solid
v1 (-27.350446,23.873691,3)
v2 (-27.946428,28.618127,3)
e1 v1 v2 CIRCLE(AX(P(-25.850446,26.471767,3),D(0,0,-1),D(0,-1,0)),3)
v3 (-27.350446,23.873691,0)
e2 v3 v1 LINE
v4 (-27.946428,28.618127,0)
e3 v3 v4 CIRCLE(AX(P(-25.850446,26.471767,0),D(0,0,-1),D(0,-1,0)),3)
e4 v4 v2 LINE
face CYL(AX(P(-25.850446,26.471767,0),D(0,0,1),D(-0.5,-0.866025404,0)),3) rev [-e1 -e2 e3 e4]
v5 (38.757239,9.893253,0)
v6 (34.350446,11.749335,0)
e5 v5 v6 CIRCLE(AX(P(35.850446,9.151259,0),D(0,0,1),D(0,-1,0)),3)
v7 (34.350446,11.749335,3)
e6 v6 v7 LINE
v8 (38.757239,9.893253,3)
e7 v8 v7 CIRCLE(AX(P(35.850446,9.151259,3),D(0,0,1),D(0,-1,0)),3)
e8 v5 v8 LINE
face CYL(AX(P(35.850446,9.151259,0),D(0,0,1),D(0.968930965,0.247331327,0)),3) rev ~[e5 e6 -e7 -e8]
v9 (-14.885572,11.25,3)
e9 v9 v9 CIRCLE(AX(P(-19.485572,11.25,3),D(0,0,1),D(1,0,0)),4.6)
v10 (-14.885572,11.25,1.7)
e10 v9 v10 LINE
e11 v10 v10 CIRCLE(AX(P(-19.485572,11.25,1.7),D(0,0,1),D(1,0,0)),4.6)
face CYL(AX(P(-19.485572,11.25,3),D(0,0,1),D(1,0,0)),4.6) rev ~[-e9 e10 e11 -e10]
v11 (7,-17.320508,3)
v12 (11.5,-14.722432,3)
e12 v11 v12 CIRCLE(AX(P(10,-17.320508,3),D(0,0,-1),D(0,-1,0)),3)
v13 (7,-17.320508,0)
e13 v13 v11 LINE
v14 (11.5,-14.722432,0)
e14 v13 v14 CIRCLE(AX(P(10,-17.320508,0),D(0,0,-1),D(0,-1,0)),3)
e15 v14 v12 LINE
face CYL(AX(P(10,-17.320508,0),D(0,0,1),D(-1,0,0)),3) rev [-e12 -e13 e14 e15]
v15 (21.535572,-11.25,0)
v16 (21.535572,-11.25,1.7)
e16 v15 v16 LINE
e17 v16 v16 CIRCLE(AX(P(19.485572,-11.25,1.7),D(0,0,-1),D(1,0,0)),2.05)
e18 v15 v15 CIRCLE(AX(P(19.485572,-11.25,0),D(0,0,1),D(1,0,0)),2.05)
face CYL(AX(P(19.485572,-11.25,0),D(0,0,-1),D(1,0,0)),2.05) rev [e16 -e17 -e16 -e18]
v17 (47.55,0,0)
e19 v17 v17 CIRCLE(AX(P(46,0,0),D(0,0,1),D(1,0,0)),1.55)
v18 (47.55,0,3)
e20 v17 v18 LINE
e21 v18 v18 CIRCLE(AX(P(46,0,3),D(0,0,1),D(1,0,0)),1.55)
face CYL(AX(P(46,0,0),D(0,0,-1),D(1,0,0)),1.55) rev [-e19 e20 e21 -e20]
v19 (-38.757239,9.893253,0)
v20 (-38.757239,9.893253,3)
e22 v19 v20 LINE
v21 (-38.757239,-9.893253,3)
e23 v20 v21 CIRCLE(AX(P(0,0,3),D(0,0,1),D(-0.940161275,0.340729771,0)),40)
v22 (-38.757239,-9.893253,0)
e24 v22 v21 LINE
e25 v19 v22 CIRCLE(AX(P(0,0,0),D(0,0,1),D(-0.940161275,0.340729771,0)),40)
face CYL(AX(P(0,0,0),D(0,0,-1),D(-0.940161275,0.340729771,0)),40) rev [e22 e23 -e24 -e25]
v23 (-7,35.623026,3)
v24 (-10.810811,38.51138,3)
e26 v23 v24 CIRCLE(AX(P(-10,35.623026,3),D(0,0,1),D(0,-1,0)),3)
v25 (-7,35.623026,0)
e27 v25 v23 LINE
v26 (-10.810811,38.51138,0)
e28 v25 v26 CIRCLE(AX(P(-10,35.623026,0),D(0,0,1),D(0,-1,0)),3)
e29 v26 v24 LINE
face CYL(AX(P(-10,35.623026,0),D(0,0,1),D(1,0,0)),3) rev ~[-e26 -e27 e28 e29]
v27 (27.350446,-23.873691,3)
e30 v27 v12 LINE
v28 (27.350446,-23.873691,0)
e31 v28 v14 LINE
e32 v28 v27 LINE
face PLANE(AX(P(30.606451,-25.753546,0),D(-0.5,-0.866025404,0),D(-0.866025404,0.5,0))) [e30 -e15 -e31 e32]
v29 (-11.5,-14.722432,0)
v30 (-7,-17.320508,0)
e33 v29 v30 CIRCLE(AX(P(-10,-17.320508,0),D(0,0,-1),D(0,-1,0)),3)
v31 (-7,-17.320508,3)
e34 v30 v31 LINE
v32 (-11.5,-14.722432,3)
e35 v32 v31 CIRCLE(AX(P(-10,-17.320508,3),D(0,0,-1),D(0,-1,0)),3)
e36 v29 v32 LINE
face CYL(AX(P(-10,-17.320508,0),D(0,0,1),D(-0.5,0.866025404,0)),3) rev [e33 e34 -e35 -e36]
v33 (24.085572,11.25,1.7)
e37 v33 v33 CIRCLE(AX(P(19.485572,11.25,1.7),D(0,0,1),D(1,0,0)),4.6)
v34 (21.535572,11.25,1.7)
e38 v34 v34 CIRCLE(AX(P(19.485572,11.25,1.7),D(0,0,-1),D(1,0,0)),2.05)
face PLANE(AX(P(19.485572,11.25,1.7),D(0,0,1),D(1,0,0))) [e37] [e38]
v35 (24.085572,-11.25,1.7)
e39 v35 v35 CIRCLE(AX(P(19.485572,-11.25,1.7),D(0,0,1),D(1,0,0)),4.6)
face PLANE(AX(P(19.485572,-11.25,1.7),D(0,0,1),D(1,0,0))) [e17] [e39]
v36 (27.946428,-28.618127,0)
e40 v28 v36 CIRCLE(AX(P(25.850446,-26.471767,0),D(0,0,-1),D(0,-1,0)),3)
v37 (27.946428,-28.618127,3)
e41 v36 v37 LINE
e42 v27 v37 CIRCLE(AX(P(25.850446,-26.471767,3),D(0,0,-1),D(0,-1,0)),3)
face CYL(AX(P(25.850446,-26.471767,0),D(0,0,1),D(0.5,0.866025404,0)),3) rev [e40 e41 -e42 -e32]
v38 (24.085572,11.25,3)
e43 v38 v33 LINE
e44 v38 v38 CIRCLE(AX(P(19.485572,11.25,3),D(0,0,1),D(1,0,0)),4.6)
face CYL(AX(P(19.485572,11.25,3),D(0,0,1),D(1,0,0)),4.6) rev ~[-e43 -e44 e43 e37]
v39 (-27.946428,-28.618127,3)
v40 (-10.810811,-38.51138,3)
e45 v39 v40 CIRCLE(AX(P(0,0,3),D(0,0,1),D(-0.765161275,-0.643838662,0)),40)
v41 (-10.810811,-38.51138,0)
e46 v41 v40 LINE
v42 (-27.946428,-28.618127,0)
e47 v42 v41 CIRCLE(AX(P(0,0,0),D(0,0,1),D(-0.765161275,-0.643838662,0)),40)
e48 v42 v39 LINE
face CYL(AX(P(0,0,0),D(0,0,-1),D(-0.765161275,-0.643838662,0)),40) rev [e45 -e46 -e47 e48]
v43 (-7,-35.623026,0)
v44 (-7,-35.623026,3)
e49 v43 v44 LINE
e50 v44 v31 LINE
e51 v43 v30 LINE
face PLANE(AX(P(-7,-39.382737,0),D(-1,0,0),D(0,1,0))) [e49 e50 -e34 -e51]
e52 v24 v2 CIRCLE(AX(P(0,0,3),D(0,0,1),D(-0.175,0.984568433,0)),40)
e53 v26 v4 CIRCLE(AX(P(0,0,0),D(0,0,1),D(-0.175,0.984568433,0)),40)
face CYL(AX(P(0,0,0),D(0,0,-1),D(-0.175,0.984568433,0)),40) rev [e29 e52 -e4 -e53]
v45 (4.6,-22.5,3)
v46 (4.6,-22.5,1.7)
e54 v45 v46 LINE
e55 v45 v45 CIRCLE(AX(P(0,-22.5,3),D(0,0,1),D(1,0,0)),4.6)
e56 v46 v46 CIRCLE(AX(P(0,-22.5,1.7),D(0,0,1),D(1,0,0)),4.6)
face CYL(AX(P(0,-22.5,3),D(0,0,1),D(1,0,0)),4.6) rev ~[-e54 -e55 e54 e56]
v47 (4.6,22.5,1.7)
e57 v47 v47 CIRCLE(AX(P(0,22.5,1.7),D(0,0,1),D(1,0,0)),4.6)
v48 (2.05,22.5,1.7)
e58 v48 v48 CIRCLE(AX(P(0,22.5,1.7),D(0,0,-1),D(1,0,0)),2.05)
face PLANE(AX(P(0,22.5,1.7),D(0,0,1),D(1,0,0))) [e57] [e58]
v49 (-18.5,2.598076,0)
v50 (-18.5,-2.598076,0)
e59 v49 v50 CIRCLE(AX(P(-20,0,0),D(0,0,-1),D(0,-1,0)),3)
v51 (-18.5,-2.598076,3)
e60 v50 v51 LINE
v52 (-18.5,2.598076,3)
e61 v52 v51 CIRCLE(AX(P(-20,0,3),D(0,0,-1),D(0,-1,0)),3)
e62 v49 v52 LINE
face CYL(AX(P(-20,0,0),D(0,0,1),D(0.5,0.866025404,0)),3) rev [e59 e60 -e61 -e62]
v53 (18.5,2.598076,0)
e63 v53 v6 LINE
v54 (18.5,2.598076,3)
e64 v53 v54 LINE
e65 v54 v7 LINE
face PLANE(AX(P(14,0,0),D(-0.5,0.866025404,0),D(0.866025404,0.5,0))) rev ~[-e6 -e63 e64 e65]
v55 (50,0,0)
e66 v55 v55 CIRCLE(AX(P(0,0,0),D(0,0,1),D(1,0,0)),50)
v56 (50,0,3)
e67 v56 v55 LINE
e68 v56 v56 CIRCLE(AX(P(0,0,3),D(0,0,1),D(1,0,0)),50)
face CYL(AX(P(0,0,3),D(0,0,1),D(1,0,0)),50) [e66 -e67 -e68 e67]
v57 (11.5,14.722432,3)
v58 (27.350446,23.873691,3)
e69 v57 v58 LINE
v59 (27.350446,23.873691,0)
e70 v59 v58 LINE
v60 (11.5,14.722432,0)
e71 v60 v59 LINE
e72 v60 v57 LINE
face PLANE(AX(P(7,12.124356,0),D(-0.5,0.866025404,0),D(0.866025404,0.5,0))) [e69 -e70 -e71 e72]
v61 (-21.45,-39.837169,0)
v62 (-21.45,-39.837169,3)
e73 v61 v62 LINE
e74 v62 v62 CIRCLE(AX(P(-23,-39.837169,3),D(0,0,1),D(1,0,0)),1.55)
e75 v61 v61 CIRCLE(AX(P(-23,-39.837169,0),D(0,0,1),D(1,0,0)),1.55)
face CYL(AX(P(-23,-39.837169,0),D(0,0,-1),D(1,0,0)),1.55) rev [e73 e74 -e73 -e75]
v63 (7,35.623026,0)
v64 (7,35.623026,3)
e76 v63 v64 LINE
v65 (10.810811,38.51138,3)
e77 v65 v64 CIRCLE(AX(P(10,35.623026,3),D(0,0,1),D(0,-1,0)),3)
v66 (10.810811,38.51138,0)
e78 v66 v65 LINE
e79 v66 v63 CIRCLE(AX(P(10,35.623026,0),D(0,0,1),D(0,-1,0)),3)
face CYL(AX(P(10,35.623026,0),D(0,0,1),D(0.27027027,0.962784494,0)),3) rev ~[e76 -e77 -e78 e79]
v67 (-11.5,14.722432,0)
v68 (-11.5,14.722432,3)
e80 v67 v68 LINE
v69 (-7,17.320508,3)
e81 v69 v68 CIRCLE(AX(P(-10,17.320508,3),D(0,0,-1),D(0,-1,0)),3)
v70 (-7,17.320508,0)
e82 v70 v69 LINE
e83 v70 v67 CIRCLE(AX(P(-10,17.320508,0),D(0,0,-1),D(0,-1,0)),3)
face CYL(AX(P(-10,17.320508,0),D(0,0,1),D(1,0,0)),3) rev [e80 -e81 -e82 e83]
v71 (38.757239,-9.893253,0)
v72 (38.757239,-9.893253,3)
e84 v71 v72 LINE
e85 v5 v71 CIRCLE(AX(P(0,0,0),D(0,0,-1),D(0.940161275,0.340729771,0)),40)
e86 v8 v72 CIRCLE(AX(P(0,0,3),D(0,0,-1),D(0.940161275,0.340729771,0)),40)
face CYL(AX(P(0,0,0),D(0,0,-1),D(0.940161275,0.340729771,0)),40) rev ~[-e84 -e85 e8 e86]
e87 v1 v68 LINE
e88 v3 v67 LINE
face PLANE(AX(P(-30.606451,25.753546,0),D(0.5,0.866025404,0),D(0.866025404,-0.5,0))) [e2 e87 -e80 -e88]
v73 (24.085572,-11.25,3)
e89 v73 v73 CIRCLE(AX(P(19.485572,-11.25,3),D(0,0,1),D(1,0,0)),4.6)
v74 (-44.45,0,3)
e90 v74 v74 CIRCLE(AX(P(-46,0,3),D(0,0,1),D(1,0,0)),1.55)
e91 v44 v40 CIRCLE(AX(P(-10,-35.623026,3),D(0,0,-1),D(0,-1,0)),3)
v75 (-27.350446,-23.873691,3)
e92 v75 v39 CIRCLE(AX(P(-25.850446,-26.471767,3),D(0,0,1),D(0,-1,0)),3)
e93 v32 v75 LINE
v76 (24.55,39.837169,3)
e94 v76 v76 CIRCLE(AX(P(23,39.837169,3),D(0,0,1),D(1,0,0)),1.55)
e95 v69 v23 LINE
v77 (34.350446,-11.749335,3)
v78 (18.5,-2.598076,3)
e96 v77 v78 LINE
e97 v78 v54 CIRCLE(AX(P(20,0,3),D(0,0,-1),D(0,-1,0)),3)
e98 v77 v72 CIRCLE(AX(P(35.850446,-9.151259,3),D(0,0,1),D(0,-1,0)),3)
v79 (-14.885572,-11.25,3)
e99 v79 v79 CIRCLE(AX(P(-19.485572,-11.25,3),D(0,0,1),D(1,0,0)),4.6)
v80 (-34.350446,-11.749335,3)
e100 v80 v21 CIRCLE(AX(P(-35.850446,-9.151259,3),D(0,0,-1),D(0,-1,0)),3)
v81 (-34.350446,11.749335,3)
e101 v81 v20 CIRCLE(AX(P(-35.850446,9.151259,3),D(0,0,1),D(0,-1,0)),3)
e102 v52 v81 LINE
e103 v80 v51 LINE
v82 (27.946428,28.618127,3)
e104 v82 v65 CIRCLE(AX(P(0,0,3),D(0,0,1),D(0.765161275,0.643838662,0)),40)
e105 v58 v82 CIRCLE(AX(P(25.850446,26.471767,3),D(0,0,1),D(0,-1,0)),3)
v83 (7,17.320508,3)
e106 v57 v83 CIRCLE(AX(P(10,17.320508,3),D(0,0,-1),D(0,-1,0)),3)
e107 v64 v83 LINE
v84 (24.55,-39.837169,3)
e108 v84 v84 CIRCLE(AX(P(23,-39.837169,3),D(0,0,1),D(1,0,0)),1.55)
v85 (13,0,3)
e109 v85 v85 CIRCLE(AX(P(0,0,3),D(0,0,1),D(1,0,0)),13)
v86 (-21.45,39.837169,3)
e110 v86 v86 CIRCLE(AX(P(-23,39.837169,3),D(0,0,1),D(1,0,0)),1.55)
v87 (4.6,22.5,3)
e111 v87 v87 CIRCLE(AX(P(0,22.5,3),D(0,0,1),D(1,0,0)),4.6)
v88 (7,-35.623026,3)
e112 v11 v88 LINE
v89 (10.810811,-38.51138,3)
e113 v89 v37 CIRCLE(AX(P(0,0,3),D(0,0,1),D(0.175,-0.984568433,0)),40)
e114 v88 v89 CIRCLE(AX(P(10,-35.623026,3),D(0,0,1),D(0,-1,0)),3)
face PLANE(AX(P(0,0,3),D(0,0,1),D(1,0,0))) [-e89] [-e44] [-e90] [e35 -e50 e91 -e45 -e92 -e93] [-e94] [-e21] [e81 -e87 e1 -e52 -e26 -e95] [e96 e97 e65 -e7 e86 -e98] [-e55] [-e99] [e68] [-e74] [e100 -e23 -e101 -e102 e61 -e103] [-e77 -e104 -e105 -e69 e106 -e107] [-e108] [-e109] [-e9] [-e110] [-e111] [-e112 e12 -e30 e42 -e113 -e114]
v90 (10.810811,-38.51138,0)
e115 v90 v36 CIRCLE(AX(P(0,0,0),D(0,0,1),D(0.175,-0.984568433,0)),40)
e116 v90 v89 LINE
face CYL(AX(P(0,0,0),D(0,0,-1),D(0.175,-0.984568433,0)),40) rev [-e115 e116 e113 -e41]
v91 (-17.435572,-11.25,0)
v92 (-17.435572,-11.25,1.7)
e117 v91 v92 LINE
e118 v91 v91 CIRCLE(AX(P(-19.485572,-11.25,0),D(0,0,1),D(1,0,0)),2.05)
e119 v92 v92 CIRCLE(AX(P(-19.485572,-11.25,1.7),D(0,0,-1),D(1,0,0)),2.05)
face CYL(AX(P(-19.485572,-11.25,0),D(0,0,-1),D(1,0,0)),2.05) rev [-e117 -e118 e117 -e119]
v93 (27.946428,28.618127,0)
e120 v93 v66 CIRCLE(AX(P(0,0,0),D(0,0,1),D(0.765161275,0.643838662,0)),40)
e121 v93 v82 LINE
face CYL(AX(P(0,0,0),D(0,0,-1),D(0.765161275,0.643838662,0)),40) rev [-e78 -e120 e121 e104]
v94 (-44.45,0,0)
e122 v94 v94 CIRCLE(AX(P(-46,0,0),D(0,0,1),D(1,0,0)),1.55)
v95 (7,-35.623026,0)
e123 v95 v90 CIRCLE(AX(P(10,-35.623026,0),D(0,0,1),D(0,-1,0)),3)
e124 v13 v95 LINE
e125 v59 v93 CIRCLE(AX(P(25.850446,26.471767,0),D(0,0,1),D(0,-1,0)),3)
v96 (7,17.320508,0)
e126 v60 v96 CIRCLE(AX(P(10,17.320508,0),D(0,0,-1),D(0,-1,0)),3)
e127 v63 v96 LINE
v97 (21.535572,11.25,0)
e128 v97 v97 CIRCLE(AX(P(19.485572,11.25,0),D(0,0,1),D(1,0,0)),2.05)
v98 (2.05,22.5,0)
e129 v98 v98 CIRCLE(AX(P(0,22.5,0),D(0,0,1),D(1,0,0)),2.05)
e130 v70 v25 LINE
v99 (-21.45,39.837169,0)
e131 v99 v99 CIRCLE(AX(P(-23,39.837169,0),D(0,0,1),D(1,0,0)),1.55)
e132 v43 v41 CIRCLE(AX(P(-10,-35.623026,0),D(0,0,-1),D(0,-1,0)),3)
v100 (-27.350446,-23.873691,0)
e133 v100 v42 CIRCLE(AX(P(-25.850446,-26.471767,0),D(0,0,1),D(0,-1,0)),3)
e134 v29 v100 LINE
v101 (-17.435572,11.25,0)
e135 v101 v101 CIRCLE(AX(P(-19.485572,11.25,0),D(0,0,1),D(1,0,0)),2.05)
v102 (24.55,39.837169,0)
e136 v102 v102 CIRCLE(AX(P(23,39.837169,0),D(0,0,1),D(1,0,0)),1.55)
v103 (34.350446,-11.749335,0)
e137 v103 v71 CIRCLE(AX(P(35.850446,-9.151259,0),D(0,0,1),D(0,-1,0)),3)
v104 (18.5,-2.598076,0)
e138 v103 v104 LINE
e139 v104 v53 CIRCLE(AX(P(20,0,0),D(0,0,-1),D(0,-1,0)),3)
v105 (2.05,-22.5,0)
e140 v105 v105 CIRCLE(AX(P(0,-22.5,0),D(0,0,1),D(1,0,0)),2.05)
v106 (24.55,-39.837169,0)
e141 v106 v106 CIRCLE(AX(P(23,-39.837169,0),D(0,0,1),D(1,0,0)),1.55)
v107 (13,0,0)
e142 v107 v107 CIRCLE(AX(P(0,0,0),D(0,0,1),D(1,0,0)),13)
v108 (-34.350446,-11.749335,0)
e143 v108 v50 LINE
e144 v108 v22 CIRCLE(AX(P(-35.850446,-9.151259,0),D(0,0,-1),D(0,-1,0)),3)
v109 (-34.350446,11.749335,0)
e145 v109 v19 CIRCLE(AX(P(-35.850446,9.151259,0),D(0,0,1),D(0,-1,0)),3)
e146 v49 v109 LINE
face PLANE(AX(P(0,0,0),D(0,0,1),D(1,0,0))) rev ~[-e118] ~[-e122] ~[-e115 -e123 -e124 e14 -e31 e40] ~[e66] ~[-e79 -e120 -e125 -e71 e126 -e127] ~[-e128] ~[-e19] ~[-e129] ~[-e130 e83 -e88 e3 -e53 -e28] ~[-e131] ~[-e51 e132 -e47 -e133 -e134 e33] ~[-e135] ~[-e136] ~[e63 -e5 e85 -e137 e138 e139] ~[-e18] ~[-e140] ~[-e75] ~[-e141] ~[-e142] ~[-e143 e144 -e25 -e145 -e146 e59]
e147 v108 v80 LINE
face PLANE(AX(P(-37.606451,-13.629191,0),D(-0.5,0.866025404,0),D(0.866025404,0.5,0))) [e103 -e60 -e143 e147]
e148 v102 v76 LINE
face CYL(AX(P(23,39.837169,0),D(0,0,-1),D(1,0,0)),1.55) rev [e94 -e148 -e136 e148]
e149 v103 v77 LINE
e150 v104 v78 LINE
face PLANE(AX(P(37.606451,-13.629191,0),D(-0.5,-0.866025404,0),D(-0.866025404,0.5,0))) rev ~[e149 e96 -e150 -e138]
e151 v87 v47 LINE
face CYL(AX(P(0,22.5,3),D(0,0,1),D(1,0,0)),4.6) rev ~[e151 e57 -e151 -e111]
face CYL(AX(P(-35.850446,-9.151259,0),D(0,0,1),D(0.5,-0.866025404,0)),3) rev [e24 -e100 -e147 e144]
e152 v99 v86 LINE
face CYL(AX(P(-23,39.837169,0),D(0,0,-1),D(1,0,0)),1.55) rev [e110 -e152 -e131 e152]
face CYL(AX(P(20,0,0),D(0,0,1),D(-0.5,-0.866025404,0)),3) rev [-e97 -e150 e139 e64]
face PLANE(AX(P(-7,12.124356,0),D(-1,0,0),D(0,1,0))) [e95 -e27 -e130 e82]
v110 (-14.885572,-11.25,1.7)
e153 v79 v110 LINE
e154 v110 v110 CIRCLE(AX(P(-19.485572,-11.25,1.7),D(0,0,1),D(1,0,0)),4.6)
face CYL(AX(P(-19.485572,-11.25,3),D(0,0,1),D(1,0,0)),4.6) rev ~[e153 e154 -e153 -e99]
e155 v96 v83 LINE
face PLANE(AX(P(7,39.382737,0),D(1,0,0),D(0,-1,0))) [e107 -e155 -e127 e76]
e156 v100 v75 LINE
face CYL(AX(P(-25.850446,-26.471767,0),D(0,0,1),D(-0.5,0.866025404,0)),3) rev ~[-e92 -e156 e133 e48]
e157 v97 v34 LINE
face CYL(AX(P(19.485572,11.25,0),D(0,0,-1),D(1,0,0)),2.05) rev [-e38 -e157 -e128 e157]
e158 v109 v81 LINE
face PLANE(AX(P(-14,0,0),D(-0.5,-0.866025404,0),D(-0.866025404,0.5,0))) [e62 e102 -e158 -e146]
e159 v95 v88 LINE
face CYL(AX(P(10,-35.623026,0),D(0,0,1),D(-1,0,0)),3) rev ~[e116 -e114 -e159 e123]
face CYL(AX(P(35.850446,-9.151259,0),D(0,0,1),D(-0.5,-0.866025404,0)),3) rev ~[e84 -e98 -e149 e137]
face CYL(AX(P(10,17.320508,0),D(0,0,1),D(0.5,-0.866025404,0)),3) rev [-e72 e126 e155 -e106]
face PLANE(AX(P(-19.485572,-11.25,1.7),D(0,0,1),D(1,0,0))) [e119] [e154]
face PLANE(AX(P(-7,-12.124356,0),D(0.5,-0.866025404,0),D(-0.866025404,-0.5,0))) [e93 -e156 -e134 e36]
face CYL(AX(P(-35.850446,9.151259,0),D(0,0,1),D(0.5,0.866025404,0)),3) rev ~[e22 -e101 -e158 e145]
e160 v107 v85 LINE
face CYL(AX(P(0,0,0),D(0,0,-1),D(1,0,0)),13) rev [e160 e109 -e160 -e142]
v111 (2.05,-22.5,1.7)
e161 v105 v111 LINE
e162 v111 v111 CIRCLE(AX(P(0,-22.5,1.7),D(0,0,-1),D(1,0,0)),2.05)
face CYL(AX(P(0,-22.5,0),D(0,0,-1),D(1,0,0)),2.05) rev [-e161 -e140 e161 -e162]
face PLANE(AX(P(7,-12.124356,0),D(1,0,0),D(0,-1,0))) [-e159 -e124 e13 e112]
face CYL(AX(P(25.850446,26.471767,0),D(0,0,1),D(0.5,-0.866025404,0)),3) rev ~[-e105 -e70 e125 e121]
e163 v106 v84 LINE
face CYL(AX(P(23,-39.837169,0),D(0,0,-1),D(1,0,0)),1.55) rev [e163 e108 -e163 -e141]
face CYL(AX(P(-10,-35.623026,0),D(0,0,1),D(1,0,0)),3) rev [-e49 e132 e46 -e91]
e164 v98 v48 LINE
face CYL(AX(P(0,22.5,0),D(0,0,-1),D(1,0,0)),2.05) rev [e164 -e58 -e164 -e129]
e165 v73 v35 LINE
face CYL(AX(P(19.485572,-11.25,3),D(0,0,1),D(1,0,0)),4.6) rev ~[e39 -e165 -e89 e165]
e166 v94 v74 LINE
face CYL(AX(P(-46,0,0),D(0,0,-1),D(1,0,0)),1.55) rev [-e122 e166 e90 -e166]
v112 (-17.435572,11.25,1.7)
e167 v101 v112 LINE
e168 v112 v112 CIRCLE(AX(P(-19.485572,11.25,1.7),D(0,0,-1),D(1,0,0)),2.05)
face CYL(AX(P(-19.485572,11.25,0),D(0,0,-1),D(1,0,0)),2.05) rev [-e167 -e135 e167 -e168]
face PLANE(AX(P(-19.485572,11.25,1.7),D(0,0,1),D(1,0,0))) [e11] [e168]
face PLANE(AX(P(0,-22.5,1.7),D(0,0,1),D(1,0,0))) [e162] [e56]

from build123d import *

# Parameters (mm, degrees)
SKETCH_1_R          = 52
SKETCH_1_R_2        = 1.55
SKETCH_1_R_3        = 2.05
SKETCH_1_R_4        = 13
EXTRUDE_1_DEPTH     = 3
FILLET_1_R          = 3
SKETCH_2_R          = 4.6
CUT_EXTRUDE_1_DEPTH = 1.3
SKETCH_3_R          = 68.655116319
SKETCH_3_R_2        = 50
CUT_EXTRUDE_2_DEPTH = 10


with BuildPart() as part:
    # 草图1 → 凸台-拉伸1 (new body)
    with BuildSketch(Plane.XY):
        Circle(SKETCH_1_R)
        with Locations((46, 0)):
            Circle(SKETCH_1_R_2, mode=Mode.SUBTRACT)
        with Locations((23, -39.837168574)):
            Circle(SKETCH_1_R_2, mode=Mode.SUBTRACT)
        with Locations((-23, -39.837168574)):
            Circle(SKETCH_1_R_2, mode=Mode.SUBTRACT)
        with Locations((-46, 0)):
            Circle(SKETCH_1_R_2, mode=Mode.SUBTRACT)
        with Locations((-23, 39.837168574)):
            Circle(SKETCH_1_R_2, mode=Mode.SUBTRACT)
        with Locations((23, 39.837168574)):
            Circle(SKETCH_1_R_2, mode=Mode.SUBTRACT)
        with Locations((0, 22.5)):
            Circle(SKETCH_1_R_3, mode=Mode.SUBTRACT)
        with Locations((19.485571585, 11.25)):
            Circle(SKETCH_1_R_3, mode=Mode.SUBTRACT)
        with Locations((19.485571585, -11.25)):
            Circle(SKETCH_1_R_3, mode=Mode.SUBTRACT)
        with Locations((0, -22.5)):
            Circle(SKETCH_1_R_3, mode=Mode.SUBTRACT)
        with Locations((-19.485571585, -11.25)):
            Circle(SKETCH_1_R_3, mode=Mode.SUBTRACT)
        with Locations((-19.485571585, 11.25)):
            Circle(SKETCH_1_R_3, mode=Mode.SUBTRACT)
        Circle(SKETCH_1_R_4, mode=Mode.SUBTRACT)
        with BuildLine():
            Line((14, 0), (37.606451003, 13.629190841))
            ThreePointArc((37.606451003, 13.629190841), (40, 0), (37.606451003, -13.629190841))
            Line((37.606451003, -13.629190841), (14, 0))
        make_face(mode=Mode.SUBTRACT)
        with BuildLine():
            Line((7, -12.124355653), (7, -39.382737335))
            ThreePointArc((7, -39.382737335), (20, -34.641016151), (30.606451003, -25.753546494))
            Line((30.606451003, -25.753546494), (7, -12.124355653))
        make_face(mode=Mode.SUBTRACT)
        with BuildLine():
            Line((-7, -12.124355653), (-30.606451003, -25.753546494))
            ThreePointArc((-30.606451003, -25.753546494), (-20, -34.641016151), (-7, -39.382737335))
            Line((-7, -39.382737335), (-7, -12.124355653))
        make_face(mode=Mode.SUBTRACT)
        with BuildLine():
            Line((-14, 0), (-37.606451003, 13.629190841))
            ThreePointArc((-37.606451003, 13.629190841), (-40, 0), (-37.606451003, -13.629190841))
            Line((-37.606451003, -13.629190841), (-14, 0))
        make_face(mode=Mode.SUBTRACT)
        with BuildLine():
            Line((-7, 12.124355653), (-7, 39.382737335))
            ThreePointArc((-7, 39.382737335), (-20, 34.641016151), (-30.606451003, 25.753546494))
            Line((-30.606451003, 25.753546494), (-7, 12.124355653))
        make_face(mode=Mode.SUBTRACT)
        with BuildLine():
            Line((7, 12.124355653), (30.606451003, 25.753546494))
            ThreePointArc((30.606451003, 25.753546494), (20, 34.641016151), (7, 39.382737335))
            Line((7, 39.382737335), (7, 12.124355653))
        make_face(mode=Mode.SUBTRACT)
    extrude(amount=EXTRUDE_1_DEPTH)

    # 圆角1
    fillet_1_edges = [part.edges().sort_by_distance(p)[0] for p in [
        (7, 39.382737335, 1.5),
        (7, 12.124355653, 1.5),
        (30.606451003, 25.753546494, 1.5),
        (14, 0, 1.5),
        (37.606451003, -13.629190841, 1.5),
        (37.606451003, 13.629190841, 1.5),
        (30.606451003, -25.753546494, 1.5),
        (7, -12.124355653, 1.5),
        (7, -39.382737335, 1.5),
        (-7, -39.382737335, 1.5),
        (-7, -12.124355653, 1.5),
        (-30.606451003, -25.753546494, 1.5),
        (-37.606451003, -13.629190841, 1.5),
        (-14, 0, 1.5),
        (-37.606451003, 13.629190841, 1.5),
        (-30.606451003, 25.753546494, 1.5),
        (-7, 12.124355653, 1.5),
        (-7, 39.382737335, 1.5),
    ]]
    fillet(fillet_1_edges, radius=FILLET_1_R)

    # 草图2 → 切除-拉伸1 (cut)
    with BuildSketch(Plane.XY.offset(3)):
        with Locations((-19.485571585, 11.25)):
            Circle(SKETCH_2_R)
        with Locations((0, 22.5)):
            Circle(SKETCH_2_R)
        with Locations((19.485571585, 11.25)):
            Circle(SKETCH_2_R)
        with Locations((19.485571585, -11.25)):
            Circle(SKETCH_2_R)
        with Locations((0, -22.5)):
            Circle(SKETCH_2_R)
        with Locations((-19.485571585, -11.25)):
            Circle(SKETCH_2_R)
    extrude(amount=-CUT_EXTRUDE_1_DEPTH, mode=Mode.SUBTRACT)

    # 草图3 → 切除-拉伸2 (cut)
    with BuildSketch(Plane.XY.offset(3)):
        Circle(SKETCH_3_R)
        Circle(SKETCH_3_R_2, mode=Mode.SUBTRACT)
    extrude(amount=-CUT_EXTRUDE_2_DEPTH, mode=Mode.SUBTRACT)


solid = part.part
